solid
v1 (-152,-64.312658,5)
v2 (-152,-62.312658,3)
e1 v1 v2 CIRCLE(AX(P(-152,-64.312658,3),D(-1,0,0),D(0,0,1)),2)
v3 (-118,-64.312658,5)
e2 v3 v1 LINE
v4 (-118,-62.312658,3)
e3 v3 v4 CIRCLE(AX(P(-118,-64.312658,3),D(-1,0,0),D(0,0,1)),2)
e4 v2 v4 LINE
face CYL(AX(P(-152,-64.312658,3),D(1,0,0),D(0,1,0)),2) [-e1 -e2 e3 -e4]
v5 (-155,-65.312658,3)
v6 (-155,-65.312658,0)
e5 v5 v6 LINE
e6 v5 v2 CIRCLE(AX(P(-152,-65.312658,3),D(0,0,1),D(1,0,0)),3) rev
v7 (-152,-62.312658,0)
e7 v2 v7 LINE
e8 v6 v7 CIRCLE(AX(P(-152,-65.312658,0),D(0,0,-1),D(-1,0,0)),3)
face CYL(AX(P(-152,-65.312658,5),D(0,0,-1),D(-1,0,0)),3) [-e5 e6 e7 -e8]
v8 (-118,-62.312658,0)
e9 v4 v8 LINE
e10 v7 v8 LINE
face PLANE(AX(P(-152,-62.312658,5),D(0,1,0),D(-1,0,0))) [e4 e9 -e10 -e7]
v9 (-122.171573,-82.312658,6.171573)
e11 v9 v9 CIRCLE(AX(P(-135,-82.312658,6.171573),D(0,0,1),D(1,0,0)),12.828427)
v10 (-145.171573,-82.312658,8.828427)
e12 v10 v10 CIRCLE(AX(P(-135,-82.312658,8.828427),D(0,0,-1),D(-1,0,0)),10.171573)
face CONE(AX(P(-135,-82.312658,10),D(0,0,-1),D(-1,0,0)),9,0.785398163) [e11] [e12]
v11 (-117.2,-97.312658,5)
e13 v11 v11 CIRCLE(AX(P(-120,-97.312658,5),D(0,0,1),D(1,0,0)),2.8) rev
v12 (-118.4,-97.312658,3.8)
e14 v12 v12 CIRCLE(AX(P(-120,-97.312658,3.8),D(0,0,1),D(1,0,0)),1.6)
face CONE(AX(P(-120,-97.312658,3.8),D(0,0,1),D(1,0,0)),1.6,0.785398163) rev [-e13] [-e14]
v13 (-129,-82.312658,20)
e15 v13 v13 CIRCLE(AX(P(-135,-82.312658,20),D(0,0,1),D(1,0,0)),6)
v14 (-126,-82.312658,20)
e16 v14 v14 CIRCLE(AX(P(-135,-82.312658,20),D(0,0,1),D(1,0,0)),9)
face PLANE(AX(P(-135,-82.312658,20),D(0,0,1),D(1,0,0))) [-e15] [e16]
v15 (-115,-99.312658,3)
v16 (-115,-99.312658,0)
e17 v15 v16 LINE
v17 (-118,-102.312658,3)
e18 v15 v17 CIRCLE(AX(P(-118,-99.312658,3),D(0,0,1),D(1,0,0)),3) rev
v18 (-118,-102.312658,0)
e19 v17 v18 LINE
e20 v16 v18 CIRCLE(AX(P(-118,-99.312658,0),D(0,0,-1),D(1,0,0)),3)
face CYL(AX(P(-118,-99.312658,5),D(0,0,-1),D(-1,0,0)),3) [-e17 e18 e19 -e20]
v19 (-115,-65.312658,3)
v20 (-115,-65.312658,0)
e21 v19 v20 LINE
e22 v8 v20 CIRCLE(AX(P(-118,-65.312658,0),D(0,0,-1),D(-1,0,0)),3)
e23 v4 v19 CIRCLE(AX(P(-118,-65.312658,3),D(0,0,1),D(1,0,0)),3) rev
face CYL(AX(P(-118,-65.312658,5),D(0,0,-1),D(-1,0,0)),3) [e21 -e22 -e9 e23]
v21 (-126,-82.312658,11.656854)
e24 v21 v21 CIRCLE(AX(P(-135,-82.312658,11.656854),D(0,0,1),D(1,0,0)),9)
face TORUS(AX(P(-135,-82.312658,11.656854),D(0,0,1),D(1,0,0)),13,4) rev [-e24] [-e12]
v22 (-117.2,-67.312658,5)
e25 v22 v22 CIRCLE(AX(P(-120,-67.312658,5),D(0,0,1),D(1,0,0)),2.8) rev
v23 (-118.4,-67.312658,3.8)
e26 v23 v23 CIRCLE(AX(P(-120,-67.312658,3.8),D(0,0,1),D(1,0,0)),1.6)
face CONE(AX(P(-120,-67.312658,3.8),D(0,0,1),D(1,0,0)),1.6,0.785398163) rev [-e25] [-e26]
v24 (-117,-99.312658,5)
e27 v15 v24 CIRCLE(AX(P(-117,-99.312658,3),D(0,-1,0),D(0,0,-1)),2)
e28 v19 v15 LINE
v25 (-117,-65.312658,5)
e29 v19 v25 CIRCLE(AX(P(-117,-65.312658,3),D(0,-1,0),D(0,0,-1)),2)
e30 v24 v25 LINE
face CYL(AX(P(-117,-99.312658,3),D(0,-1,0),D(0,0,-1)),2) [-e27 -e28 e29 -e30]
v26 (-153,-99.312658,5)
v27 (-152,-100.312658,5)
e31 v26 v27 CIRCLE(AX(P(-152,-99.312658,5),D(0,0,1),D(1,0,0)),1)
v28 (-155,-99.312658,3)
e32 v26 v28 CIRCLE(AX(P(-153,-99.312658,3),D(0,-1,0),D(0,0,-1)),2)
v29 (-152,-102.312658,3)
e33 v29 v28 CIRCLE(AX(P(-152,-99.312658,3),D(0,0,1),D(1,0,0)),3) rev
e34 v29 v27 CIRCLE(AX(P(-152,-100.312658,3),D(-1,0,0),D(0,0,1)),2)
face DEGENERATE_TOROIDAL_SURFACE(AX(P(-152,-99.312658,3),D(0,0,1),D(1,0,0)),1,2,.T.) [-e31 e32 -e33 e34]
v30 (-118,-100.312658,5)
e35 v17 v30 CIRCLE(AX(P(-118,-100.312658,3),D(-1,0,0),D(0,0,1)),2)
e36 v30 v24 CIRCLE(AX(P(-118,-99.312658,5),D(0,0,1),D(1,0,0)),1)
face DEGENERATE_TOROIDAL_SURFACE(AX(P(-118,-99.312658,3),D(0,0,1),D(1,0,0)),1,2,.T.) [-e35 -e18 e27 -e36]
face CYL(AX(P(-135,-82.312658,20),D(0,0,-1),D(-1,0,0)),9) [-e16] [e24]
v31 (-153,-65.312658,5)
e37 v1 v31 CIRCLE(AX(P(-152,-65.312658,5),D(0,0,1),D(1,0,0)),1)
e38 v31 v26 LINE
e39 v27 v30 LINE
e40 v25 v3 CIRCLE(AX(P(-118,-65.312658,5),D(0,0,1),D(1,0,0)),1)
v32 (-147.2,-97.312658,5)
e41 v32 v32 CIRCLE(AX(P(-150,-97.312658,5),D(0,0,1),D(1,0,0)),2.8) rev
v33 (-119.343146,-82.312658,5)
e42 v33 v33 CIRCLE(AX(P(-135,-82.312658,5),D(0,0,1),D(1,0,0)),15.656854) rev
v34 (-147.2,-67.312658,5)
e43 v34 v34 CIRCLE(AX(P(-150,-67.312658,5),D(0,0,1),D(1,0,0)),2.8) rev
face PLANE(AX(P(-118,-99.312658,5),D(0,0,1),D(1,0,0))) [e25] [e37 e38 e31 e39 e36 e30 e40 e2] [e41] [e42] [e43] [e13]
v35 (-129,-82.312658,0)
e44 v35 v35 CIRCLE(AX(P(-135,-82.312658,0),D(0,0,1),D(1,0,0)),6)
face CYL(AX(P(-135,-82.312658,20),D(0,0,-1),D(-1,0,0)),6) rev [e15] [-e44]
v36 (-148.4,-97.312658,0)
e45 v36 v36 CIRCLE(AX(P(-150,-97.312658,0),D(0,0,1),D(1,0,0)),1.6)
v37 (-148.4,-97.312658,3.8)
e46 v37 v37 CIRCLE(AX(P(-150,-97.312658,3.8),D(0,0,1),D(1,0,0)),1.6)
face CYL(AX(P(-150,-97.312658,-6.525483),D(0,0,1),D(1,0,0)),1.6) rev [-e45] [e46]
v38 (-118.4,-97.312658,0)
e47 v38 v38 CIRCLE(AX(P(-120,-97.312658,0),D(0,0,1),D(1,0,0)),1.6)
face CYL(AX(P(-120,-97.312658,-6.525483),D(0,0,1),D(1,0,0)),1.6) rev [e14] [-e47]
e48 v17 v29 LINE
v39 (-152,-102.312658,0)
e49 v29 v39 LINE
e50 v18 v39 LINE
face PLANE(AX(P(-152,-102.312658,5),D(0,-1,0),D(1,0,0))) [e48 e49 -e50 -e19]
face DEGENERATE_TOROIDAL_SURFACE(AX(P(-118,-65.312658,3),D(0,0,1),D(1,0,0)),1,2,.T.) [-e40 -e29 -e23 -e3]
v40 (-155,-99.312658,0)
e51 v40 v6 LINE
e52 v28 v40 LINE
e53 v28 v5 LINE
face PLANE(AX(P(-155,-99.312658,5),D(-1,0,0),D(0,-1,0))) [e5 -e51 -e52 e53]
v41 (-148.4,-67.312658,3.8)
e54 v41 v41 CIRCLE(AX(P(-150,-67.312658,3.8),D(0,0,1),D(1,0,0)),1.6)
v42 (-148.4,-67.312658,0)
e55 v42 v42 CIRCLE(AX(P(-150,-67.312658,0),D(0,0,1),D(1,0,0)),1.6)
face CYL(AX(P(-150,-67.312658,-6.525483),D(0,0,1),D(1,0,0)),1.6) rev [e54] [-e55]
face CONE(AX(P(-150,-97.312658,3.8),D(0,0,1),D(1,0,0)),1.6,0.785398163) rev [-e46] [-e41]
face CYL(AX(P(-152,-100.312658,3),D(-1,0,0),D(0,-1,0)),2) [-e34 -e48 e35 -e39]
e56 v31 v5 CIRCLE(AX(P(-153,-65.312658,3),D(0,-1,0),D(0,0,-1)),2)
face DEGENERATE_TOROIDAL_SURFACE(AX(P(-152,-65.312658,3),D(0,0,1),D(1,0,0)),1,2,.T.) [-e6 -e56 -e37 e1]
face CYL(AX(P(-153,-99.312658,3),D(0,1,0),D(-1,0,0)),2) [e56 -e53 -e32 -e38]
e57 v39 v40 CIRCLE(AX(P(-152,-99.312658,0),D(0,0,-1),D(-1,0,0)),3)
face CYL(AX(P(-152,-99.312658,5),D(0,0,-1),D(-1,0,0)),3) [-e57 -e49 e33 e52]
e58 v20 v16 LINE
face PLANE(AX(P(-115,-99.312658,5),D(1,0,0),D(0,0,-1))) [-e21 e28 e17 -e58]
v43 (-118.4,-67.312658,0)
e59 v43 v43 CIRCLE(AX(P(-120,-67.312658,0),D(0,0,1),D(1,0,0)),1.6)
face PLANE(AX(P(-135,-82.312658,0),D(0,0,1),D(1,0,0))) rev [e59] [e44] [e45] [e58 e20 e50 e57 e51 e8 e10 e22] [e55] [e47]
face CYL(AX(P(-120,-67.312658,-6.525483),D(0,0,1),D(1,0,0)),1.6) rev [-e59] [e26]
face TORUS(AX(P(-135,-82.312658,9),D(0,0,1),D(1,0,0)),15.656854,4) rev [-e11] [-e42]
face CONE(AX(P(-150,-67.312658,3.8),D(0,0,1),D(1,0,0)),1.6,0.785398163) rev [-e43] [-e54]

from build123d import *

# Parameters (mm, degrees)
SKETCH2_R           = 9
SKETCH2_R_2         = 6
BOSS_EXTRUDE1_DEPTH = 20
SKETCH3_R           = 6
BOSS_EXTRUDE2_DEPTH = 5
FILLET1_R           = 2
CUT_EXTRUDE1_REACH  = 7
SKETCH4_R           = 1.6
CHAMFER1_SIZE       = 5
FILLET2_R           = 4
CHAMFER2_SIZE       = 1.2


with BuildPart() as part:
    # Sketch2 → Boss-Extrude1 (new body)
    with BuildSketch(Plane.XY):
        with Locations((-135, -82.312657819)):
            Circle(SKETCH2_R)
        with Locations((-135, -82.312657819)):
            Circle(SKETCH2_R_2, mode=Mode.SUBTRACT)
    extrude(amount=BOSS_EXTRUDE1_DEPTH)

    # Sketch3 → Boss-Extrude2 (add)
    with BuildSketch(Plane(origin=(0, 0, 0), x_dir=(-1, 0, 0), z_dir=(0, 0, -1))):
        with BuildLine():
            Line((152, -102.312657819), (118, -102.312657819))
            ThreePointArc((118, -102.312657819), (115.878679656, -101.433978162), (115, -99.312657819))
            Line((115, -99.312657819), (115, -65.312657819))
            ThreePointArc((115, -65.312657819), (115.878679656, -63.191337475), (118, -62.312657819))
            Line((118, -62.312657819), (152, -62.312657819))
            ThreePointArc((152, -62.312657819), (154.121320344, -63.191337475), (155, -65.312657819))
            Line((155, -65.312657819), (155, -99.312657819))
            ThreePointArc((155, -99.312657819), (154.121320344, -101.433978162), (152, -102.312657819))
        make_face()
        with Locations((135, -82.312657819)):
            Circle(SKETCH3_R, mode=Mode.SUBTRACT)
    extrude(amount=-BOSS_EXTRUDE2_DEPTH)

    # Fillet1
    fillet1_edges = [part.edges().sort_by_distance(p)[0] for p in [
        (-115.878679656, -101.433978162, 5),
        (-115, -82.312657819, 5),
        (-115.878679656, -63.191337475, 5),
        (-135, -62.312657819, 5),
        (-154.121320344, -63.191337475, 5),
        (-155, -82.312657819, 5),
        (-154.121320344, -101.433978162, 5),
        (-135, -102.312657819, 5),
    ]]
    fillet(fillet1_edges, radius=FILLET1_R)

    # Sketch4 → Cut-Extrude1 (cut, up to next)
    with BuildSketch(Plane.XY.offset(5), mode=Mode.PRIVATE) as cut_extrude1_sk1:
        with Locations((-150, -67.312657819)):
            Circle(SKETCH4_R)
    cut_extrude1_tool1 = extrude(cut_extrude1_sk1.sketch, amount=-CUT_EXTRUDE1_REACH, mode=Mode.PRIVATE) & part.part
    add(cut_extrude1_tool1.solids().sort_by_distance((-150, -67.312658, 5))[0], mode=Mode.SUBTRACT)
    # Sketch4 → Cut-Extrude1 (cut, up to next)
    with BuildSketch(Plane.XY.offset(5), mode=Mode.PRIVATE) as cut_extrude1_sk2:
        with Locations((-120, -67.312657819)):
            Circle(SKETCH4_R)
    cut_extrude1_tool2 = extrude(cut_extrude1_sk2.sketch, amount=-CUT_EXTRUDE1_REACH, mode=Mode.PRIVATE) & part.part
    add(cut_extrude1_tool2.solids().sort_by_distance((-120, -67.312658, 5))[0], mode=Mode.SUBTRACT)
    # Sketch4 → Cut-Extrude1 (cut, up to next)
    with BuildSketch(Plane.XY.offset(5), mode=Mode.PRIVATE) as cut_extrude1_sk3:
        with Locations((-120, -97.312657819)):
            Circle(SKETCH4_R)
    cut_extrude1_tool3 = extrude(cut_extrude1_sk3.sketch, amount=-CUT_EXTRUDE1_REACH, mode=Mode.PRIVATE) & part.part
    add(cut_extrude1_tool3.solids().sort_by_distance((-120, -97.312658, 5))[0], mode=Mode.SUBTRACT)
    # Sketch4 → Cut-Extrude1 (cut, up to next)
    with BuildSketch(Plane.XY.offset(5), mode=Mode.PRIVATE) as cut_extrude1_sk4:
        with Locations((-150, -97.312657819)):
            Circle(SKETCH4_R)
    cut_extrude1_tool4 = extrude(cut_extrude1_sk4.sketch, amount=-CUT_EXTRUDE1_REACH, mode=Mode.PRIVATE) & part.part
    add(cut_extrude1_tool4.solids().sort_by_distance((-150, -97.312658, 5))[0], mode=Mode.SUBTRACT)

    # Chamfer1
    chamfer1_edges = [part.edges().sort_by_distance(p)[0] for p in [
        (-144, -82.312657819, 5),
    ]]
    chamfer(chamfer1_edges, length=CHAMFER1_SIZE)

    # Fillet2
    fillet2_edges = [part.edges().sort_by_distance(p)[0] for p in [
        (-144, -82.312657819, 10),
        (-149, -82.312657819, 5),
    ]]
    fillet(fillet2_edges, radius=FILLET2_R)

    # Chamfer2
    chamfer2_edges = [part.edges().sort_by_distance(p)[0] for p in [
        (-151.6, -97.312657819, 5),
        (-121.6, -97.312657819, 5),
        (-121.6, -67.312657819, 5),
        (-151.6, -67.312657819, 5),
    ]]
    chamfer(chamfer2_edges, length=CHAMFER2_SIZE)


solid = part.part
